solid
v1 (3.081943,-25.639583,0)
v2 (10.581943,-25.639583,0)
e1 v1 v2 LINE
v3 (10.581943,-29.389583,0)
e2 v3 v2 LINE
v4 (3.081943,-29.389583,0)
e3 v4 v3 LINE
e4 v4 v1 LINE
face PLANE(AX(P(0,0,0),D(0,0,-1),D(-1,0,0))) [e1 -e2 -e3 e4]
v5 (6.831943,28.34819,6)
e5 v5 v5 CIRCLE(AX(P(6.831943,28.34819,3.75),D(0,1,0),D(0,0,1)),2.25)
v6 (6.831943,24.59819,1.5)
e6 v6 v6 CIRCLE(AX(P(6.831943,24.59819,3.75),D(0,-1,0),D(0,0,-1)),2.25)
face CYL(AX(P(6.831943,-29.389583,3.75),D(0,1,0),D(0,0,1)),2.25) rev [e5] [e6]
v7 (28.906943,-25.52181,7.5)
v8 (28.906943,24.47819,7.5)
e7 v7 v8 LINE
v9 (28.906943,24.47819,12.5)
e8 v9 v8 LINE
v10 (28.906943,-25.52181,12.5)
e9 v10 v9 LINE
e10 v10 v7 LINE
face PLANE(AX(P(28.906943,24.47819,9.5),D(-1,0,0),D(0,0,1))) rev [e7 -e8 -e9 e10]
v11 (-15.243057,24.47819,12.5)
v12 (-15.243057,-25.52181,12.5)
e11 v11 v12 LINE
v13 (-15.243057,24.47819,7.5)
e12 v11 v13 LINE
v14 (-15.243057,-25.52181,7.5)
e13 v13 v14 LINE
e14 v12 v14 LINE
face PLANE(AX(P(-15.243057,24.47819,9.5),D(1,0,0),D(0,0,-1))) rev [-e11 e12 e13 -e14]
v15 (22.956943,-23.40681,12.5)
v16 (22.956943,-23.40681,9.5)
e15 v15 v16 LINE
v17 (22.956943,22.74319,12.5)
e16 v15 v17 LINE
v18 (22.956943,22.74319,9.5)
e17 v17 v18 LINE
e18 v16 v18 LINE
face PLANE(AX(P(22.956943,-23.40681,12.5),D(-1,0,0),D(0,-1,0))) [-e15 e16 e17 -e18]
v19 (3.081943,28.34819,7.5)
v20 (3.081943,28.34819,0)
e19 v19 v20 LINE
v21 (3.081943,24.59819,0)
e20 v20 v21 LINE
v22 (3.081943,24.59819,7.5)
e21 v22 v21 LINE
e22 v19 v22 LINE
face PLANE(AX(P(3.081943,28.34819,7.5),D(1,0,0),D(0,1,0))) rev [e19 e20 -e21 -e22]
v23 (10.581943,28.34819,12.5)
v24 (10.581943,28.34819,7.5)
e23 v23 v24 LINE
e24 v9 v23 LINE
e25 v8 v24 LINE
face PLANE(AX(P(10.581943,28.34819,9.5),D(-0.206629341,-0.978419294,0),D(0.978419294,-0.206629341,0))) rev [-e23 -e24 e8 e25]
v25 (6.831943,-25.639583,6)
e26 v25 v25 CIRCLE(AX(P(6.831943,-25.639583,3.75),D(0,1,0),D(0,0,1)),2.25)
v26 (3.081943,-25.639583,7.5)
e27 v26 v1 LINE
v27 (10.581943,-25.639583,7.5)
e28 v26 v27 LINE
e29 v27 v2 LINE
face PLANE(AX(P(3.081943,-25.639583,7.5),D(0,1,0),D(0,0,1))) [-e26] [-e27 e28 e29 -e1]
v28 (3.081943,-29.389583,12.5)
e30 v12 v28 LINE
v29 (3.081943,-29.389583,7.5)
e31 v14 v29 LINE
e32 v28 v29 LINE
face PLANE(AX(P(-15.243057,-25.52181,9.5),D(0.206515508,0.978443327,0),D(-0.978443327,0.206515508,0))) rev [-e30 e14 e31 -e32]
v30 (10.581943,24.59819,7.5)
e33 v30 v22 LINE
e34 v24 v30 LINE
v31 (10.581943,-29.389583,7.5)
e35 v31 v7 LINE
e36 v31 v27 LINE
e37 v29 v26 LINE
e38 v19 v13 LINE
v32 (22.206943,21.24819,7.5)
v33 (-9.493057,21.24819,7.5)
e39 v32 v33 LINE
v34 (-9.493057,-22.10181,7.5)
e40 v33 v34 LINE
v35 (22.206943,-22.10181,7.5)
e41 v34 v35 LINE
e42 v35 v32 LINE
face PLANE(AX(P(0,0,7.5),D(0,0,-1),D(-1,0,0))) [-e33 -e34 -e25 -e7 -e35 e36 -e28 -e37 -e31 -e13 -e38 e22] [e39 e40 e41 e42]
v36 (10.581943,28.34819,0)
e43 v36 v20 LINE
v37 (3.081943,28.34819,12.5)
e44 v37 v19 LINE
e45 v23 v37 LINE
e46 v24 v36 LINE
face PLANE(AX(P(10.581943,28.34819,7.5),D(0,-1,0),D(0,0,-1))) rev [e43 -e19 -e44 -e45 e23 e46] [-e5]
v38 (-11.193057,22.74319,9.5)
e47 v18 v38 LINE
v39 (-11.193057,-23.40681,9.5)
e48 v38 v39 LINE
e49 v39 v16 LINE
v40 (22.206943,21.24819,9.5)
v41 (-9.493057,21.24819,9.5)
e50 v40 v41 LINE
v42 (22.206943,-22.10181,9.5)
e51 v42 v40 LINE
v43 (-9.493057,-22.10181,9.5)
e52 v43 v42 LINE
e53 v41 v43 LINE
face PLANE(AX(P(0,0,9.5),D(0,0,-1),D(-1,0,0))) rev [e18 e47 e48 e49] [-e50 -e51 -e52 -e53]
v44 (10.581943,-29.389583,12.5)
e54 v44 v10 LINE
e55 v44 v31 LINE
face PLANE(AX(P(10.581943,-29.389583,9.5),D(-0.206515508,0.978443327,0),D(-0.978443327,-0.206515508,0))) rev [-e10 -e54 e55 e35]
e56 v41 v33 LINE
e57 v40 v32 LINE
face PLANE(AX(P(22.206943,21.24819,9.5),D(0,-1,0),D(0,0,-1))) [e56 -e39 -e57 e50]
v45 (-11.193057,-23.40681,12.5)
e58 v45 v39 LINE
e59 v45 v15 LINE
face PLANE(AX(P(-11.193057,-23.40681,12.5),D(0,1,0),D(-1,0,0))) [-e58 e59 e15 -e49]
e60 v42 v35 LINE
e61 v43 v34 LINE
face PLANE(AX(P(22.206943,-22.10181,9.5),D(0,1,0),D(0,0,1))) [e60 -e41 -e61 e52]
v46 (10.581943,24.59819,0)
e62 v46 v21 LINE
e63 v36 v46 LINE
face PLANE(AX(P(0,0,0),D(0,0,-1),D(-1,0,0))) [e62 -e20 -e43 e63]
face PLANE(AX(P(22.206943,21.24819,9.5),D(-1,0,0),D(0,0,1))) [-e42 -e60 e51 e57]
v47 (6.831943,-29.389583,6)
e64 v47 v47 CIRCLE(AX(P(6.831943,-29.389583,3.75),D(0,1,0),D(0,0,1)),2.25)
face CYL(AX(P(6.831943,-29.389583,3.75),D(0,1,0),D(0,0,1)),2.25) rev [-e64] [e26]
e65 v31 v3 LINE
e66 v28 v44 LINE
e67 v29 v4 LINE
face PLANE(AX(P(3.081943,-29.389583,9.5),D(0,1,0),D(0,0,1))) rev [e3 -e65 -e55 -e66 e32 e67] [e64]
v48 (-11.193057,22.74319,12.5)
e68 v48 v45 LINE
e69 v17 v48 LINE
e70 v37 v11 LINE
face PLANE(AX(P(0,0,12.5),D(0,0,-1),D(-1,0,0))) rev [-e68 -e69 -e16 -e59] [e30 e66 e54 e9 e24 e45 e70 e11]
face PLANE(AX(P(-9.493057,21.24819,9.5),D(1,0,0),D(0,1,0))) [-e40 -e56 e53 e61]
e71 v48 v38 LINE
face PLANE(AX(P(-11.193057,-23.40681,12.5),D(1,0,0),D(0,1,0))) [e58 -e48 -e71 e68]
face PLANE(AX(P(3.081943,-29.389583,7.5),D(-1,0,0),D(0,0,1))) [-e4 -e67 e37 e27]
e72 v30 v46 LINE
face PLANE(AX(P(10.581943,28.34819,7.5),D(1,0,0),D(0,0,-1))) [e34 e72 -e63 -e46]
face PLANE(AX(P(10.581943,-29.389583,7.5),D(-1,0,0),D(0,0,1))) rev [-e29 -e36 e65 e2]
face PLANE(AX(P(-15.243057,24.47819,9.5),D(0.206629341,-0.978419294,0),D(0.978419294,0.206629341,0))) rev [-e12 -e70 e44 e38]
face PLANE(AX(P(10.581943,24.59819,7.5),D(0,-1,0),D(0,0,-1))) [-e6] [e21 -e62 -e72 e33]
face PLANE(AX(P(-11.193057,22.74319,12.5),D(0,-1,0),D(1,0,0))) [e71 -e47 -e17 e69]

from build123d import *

# Parameters (mm, degrees)
ESQUISSE1_W             = 7.5
ESQUISSE1_H             = 3.75
BOSS_EXTRU_1_DEPTH      = 7.5
BOSS_EXTRU_1_2_DEPTH    = 7.5
ESQUISSE2_R             = 2.25
ENL_V_MAT_EXTRU_1_DEPTH = 58.737772997
ESQUISSE4_W             = 31.7
ESQUISSE4_H             = 43.35
BOSS_EXTRU_2_DEPTH      = 2
ESQUISSE5_W             = 34.15
ESQUISSE5_H             = 46.15
BOSS_EXTRU_3_DEPTH      = 3


with BuildPart() as part:
    # Esquisse1 → Boss.-Extru.1 (new body)
    with BuildSketch(Plane.XY):
        with Locations((6.831943462, 26.473190482)):
            Rectangle(ESQUISSE1_W, ESQUISSE1_H)
    extrude(amount=BOSS_EXTRU_1_DEPTH)


with BuildPart() as body_2:
    # Esquisse1 → Boss.-Extru.1 2 (new body)
    with BuildSketch(Plane.XY):
        with Locations((6.831943462, -27.514582515)):
            Rectangle(ESQUISSE1_W, ESQUISSE1_H)
    extrude(amount=BOSS_EXTRU_1_2_DEPTH)


with BuildPart() as enl_v_mat_extru_1_tool:
    # Esquisse2 → Enlèv. mat.-Extru.1 (new body, through all)
    with BuildSketch(Plane(origin=(0, 28.348190482, 0), x_dir=(1, 0, 0), z_dir=(0, 1, 0))):
        with Locations((6.831943462, -3.75)):
            Circle(ESQUISSE2_R)
    extrude(amount=-ENL_V_MAT_EXTRU_1_DEPTH)


with BuildPart() as part_1:
    add(part.part)

    # Enlèv. mat.-Extru.1: cut by enl_v_mat_extru_1_tool
    add(enl_v_mat_extru_1_tool.part, mode=Mode.SUBTRACT)



with BuildPart() as body_2_1:
    add(body_2.part)

    # Enlèv. mat.-Extru.1: cut by enl_v_mat_extru_1_tool
    add(enl_v_mat_extru_1_tool.part, mode=Mode.SUBTRACT)


with BuildPart() as part_2:
    add(part_1.part)

    add(body_2_1.part)  # Boss.-Extru.2 merges body 2
    # Esquisse4 → Boss.-Extru.2 (add)
    with BuildSketch(Plane.XY.offset(7.5)):
        Polygon((-15.243056538, 24.478190482), (-15.243056538, -25.521809518), (3.081943462, -29.389582515), (10.581943462, -29.389582515), (28.906943461, -25.521809518), (28.906943461, 24.478190482), (10.581943462, 28.348190482), (3.081943462, 28.348190482), align=None)
        with Locations((6.356943462, -0.426809518)):
            Rectangle(ESQUISSE4_W, ESQUISSE4_H, mode=Mode.SUBTRACT)
    extrude(amount=BOSS_EXTRU_2_DEPTH)

    # Esquisse5 → Boss.-Extru.3 (add)
    with BuildSketch(Plane.XY.offset(9.5)):
        Polygon((-15.243056538, 24.478190482), (3.081943462, 28.348190482), (10.581943462, 28.348190482), (28.906943461, 24.478190482), (28.906943461, -25.521809518), (10.581943462, -29.389582515), (3.081943462, -29.389582515), (-15.243056538, -25.521809518), align=None)
        with Locations((5.881943462, -0.331809518)):
            Rectangle(ESQUISSE5_W, ESQUISSE5_H, mode=Mode.SUBTRACT)
    extrude(amount=BOSS_EXTRU_3_DEPTH)


solid = part_2.part
